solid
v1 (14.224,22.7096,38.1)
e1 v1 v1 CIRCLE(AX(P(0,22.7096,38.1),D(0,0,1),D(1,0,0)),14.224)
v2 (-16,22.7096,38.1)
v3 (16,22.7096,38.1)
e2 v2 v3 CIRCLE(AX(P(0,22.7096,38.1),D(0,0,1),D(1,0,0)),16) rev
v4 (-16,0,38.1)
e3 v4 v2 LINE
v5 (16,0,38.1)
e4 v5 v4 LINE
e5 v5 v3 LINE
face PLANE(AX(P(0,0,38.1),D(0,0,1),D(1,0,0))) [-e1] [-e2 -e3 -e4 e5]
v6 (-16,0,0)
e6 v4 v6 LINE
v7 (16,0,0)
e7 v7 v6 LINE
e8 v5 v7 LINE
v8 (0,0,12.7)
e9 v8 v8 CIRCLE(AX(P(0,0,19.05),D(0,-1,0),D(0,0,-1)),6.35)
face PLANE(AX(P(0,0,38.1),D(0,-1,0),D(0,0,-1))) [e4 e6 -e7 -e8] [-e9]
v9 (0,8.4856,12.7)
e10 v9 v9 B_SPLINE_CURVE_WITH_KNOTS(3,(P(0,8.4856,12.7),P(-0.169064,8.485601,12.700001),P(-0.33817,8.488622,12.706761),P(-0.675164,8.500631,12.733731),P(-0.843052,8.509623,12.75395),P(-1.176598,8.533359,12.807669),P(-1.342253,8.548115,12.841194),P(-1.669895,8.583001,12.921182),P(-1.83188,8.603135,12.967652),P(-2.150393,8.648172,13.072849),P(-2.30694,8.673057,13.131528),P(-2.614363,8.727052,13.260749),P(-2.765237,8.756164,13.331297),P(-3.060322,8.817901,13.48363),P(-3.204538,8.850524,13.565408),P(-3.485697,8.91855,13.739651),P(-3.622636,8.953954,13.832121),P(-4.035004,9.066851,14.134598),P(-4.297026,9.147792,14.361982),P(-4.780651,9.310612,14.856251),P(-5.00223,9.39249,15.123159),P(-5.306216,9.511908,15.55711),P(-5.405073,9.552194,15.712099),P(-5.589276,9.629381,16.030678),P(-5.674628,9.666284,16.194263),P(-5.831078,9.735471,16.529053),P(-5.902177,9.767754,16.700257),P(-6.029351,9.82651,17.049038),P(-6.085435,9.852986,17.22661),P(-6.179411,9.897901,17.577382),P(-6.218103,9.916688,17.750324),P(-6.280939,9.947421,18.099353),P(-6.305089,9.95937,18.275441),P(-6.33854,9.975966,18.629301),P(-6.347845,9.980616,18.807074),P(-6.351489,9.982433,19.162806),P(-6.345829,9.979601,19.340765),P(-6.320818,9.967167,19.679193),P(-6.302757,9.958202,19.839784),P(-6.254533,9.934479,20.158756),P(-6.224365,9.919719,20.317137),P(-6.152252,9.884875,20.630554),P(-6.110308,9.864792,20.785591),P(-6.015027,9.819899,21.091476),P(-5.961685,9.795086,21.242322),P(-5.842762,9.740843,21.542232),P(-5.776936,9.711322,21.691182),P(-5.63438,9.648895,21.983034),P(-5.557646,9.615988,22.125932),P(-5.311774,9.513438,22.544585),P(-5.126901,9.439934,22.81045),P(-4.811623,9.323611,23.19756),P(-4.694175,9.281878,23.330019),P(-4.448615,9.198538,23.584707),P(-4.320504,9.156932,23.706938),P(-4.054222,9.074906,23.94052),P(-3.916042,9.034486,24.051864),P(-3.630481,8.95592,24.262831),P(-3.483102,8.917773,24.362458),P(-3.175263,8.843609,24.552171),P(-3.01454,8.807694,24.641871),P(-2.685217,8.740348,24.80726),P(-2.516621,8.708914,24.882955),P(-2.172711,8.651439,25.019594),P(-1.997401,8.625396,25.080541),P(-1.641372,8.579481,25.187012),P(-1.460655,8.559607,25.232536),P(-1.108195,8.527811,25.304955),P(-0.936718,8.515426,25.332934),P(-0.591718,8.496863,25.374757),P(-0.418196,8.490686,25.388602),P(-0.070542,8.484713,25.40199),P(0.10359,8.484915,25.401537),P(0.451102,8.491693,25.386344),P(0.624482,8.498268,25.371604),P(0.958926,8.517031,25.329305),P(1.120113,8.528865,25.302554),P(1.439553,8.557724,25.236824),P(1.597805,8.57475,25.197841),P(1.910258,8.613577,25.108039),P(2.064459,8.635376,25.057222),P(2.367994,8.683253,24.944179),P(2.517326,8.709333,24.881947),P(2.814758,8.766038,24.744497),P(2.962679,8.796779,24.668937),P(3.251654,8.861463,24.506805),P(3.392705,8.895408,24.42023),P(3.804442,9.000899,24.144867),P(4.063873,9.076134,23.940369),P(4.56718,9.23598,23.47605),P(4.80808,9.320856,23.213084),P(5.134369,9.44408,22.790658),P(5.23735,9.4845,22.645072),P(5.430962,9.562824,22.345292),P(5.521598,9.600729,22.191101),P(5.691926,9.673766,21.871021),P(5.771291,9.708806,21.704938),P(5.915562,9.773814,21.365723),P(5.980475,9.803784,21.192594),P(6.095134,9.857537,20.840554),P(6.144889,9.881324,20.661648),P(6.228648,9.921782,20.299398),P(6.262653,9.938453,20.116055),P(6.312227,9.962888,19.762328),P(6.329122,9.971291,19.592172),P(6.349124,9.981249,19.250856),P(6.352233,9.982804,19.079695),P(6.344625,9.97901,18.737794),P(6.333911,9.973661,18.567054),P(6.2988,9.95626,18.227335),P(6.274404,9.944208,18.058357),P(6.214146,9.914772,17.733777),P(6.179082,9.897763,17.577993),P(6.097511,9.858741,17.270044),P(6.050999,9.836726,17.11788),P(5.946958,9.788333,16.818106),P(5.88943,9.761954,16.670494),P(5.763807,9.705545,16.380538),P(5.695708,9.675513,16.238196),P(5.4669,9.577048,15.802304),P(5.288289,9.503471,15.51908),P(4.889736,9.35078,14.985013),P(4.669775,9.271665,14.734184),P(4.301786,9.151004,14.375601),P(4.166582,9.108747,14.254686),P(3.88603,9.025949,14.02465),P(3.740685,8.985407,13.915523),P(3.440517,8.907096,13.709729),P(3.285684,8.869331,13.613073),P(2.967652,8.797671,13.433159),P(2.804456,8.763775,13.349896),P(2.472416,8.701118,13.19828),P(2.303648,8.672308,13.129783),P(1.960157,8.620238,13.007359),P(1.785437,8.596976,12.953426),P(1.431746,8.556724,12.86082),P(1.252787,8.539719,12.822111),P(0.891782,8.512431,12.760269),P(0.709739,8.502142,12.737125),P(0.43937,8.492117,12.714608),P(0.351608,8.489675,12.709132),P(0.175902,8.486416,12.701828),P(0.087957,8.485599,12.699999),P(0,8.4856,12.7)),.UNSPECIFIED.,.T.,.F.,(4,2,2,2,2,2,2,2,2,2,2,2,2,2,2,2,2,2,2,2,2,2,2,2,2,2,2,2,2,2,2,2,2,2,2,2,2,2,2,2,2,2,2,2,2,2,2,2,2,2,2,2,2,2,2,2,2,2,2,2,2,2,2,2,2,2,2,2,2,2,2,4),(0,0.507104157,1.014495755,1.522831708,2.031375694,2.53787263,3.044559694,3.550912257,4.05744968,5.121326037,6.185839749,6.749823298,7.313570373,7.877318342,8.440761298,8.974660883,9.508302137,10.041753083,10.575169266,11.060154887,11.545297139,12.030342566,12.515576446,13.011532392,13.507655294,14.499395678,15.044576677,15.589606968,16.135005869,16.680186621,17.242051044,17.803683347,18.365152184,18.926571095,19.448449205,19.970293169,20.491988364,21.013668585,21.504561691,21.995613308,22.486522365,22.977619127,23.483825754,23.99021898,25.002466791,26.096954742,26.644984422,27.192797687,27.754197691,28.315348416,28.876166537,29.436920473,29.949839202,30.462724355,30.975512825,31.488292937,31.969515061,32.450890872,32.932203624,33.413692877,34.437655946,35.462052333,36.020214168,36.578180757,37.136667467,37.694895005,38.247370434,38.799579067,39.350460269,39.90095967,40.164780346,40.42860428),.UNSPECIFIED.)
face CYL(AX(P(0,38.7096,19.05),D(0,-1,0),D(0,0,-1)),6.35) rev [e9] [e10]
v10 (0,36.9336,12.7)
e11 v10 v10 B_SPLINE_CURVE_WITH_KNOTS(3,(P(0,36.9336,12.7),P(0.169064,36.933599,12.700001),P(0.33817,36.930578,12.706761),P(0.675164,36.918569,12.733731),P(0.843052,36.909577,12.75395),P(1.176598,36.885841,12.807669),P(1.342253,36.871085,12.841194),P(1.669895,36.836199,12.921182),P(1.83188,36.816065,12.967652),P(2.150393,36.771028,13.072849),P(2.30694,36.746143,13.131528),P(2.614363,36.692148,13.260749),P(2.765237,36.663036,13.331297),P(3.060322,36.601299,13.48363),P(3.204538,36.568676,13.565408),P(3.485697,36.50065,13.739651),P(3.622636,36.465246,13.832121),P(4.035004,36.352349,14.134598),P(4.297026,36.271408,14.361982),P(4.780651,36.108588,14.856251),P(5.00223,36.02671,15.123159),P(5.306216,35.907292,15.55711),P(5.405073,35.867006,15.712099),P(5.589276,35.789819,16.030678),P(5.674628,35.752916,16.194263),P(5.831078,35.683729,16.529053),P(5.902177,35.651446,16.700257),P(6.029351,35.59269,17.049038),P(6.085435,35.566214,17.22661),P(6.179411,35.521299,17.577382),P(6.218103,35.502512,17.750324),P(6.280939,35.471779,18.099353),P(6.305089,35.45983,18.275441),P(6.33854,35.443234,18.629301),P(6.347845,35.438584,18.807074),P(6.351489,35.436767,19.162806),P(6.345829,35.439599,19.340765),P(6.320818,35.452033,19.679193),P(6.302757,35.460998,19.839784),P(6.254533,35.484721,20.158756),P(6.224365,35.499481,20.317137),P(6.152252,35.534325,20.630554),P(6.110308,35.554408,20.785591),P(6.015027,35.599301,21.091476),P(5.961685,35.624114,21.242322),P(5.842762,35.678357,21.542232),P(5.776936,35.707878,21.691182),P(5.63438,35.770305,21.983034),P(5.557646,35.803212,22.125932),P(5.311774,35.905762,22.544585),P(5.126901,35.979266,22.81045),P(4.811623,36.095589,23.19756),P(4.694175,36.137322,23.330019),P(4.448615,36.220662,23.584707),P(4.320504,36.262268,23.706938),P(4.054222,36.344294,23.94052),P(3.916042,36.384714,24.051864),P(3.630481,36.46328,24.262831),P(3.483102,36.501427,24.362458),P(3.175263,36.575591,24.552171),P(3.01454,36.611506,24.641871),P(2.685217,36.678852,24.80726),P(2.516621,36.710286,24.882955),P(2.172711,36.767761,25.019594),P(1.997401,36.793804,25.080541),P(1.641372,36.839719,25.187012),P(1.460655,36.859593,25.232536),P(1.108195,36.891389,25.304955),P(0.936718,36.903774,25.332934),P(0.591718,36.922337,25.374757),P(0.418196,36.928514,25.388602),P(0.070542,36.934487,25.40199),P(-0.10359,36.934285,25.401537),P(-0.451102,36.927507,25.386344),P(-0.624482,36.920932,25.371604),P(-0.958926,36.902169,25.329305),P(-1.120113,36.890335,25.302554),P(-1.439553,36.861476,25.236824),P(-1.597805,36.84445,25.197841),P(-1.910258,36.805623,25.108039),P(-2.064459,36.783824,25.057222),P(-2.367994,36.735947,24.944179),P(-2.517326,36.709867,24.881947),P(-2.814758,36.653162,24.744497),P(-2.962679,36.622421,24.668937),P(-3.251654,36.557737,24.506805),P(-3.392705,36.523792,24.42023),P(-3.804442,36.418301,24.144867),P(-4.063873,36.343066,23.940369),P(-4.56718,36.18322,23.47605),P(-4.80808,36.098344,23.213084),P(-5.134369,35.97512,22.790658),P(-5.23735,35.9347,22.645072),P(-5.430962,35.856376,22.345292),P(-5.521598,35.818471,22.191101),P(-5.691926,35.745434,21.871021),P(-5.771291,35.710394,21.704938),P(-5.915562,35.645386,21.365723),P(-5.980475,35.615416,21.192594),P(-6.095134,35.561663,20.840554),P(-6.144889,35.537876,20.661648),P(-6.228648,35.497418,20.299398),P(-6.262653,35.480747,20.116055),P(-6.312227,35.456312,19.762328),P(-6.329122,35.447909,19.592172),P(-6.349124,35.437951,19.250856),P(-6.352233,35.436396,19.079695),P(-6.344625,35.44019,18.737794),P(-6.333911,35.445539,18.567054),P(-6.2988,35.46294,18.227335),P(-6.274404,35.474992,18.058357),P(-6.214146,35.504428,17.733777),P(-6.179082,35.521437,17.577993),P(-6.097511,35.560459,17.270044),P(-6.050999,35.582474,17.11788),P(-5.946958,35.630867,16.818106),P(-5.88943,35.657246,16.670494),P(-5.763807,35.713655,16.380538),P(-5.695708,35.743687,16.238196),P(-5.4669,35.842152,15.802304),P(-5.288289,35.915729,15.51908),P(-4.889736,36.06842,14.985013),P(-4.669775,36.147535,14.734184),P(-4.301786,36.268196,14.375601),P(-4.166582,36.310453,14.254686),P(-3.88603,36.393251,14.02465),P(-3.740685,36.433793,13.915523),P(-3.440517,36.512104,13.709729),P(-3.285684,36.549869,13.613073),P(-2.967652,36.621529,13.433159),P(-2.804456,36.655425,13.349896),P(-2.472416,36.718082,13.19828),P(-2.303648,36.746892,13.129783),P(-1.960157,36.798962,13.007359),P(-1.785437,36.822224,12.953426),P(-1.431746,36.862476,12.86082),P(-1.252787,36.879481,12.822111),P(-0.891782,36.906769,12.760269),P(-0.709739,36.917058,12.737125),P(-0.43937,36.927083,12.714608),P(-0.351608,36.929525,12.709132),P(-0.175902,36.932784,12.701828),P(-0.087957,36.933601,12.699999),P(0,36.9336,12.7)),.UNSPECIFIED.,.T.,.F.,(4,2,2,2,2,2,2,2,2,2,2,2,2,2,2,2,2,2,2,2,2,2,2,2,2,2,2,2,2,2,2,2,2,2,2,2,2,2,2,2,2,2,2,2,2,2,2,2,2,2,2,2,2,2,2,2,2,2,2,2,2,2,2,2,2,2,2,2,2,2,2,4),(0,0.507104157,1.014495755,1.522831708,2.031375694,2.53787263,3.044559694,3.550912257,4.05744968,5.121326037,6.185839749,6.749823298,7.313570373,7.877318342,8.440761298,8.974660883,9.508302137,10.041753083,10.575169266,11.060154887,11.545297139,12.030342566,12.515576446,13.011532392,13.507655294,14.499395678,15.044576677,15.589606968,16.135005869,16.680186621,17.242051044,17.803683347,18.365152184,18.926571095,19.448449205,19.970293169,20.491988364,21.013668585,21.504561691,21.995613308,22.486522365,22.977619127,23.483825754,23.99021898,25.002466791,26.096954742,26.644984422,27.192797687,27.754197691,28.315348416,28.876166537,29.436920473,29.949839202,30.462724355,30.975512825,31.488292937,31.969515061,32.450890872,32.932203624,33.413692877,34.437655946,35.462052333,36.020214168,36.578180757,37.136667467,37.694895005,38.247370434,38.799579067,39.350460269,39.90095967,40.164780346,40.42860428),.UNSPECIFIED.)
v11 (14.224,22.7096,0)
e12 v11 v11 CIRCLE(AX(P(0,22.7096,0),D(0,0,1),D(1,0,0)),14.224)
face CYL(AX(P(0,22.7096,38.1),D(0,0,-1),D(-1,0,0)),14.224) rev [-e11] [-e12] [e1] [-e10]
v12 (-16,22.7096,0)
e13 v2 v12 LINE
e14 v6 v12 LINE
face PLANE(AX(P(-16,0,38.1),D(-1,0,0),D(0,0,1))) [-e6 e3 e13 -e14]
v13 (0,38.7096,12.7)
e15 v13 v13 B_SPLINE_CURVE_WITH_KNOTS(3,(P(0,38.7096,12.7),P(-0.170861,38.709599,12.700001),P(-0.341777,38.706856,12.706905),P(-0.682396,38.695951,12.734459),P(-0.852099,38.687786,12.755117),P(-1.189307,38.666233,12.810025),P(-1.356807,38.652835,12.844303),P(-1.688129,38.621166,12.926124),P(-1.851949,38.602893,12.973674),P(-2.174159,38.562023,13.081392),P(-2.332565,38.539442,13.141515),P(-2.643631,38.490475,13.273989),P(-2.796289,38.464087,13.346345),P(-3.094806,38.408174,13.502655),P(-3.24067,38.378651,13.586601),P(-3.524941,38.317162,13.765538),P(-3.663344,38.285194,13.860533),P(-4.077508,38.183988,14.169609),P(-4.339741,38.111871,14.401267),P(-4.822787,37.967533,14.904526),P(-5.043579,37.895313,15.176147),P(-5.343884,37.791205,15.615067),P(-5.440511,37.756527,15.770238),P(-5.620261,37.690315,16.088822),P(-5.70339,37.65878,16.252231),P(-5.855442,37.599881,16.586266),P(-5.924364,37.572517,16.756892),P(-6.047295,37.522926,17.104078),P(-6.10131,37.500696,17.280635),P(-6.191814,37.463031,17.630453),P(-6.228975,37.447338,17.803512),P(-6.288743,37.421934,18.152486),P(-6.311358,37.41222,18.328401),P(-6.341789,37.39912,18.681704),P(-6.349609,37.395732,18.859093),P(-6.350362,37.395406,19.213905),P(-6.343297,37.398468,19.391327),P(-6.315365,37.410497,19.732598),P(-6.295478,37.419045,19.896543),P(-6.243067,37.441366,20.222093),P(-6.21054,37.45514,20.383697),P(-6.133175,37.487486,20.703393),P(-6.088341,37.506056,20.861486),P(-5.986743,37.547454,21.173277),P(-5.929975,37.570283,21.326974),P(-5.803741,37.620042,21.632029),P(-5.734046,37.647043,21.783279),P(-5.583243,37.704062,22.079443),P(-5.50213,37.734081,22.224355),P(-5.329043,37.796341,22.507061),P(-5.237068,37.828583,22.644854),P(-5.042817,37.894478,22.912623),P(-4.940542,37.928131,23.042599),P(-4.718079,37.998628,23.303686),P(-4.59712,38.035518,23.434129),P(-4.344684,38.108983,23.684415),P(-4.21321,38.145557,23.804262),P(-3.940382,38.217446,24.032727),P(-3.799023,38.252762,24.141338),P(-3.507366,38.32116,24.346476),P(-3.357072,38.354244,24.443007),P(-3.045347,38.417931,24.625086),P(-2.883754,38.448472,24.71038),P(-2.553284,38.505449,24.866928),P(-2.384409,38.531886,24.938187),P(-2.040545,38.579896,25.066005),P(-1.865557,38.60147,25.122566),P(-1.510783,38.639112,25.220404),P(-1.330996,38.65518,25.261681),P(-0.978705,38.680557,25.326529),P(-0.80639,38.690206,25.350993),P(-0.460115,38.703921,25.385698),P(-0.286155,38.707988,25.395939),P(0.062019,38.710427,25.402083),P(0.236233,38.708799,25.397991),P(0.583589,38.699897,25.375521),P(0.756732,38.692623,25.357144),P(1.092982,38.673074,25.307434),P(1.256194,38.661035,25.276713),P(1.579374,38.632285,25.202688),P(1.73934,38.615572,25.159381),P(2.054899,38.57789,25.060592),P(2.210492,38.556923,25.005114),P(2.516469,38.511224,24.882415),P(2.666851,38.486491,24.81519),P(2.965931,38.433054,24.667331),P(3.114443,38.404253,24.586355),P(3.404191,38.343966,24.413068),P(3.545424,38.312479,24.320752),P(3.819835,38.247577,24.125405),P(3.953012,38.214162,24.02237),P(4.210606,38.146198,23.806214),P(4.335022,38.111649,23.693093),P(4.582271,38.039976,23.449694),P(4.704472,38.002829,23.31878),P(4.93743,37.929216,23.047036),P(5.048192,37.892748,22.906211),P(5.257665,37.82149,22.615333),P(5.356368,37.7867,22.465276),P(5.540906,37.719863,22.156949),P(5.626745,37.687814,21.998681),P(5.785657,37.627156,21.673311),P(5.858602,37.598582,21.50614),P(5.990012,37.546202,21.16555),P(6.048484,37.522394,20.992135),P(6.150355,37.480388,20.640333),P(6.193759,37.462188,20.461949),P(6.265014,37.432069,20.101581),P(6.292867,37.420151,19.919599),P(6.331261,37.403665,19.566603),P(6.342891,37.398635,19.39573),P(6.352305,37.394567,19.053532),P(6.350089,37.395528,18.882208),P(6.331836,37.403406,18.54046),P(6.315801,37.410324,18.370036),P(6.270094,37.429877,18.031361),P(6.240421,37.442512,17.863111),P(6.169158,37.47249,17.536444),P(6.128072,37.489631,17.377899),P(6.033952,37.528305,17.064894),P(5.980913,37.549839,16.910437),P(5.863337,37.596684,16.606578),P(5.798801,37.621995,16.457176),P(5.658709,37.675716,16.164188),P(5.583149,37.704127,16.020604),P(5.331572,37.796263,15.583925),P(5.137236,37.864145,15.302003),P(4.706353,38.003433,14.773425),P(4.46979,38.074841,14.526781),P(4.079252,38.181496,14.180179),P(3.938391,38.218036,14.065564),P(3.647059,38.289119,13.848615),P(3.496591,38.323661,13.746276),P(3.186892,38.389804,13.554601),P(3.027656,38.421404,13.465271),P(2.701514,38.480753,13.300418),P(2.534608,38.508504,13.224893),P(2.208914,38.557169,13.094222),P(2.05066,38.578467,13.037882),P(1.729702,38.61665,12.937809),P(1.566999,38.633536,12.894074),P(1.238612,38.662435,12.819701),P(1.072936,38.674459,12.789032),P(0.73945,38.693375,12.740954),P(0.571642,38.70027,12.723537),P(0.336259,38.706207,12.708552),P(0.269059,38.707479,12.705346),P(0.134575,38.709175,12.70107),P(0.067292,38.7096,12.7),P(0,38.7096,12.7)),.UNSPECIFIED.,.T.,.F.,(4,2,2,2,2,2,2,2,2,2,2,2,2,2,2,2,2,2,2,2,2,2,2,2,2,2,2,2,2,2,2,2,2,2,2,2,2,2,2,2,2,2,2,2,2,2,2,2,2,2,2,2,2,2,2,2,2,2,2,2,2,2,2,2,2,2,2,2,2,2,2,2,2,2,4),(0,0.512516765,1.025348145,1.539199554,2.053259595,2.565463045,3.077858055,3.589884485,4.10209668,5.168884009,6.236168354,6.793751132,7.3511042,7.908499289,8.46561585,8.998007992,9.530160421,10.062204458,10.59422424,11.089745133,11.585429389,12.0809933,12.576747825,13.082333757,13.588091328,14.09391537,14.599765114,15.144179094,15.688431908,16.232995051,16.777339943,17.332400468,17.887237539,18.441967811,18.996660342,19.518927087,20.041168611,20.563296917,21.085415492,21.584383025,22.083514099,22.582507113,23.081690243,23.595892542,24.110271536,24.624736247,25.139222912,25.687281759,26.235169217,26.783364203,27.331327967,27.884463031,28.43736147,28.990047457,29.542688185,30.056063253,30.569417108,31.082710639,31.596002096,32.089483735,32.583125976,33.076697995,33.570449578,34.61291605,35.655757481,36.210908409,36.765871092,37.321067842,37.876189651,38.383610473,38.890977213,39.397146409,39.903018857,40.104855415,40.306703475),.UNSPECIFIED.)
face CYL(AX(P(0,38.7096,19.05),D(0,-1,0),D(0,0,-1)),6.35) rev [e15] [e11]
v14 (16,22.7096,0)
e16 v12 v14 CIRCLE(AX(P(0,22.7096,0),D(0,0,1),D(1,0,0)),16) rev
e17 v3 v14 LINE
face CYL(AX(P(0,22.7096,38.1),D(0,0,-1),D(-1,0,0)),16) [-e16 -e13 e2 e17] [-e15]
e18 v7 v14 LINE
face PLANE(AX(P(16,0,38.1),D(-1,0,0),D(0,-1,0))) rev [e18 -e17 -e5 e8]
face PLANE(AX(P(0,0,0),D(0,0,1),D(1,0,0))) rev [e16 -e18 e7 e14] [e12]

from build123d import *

# Parameters (mm, degrees)
SKETCH1_R           = 14.224
BOSS_EXTRUDE1_DEPTH = 38.1
SKETCH2_R           = 6.35
CUT_EXTRUDE1_DEPTH  = 39.7096


with BuildPart() as part:
    # Sketch1 → Boss-Extrude1 (new body)
    with BuildSketch(Plane.XY):
        with BuildLine():
            Line((16, 0), (-16, 0))
            Line((-16, 0), (-16, 22.7096))
            ThreePointArc((-16, 22.7096), (0, 38.7096), (16, 22.7096))
            Line((16, 22.7096), (16, 0))
        make_face()
        with Locations((0, 22.7096)):
            Circle(SKETCH1_R, mode=Mode.SUBTRACT)
    extrude(amount=BOSS_EXTRUDE1_DEPTH)

    # Sketch2 → Cut-Extrude1 (cut, through all)
    with BuildSketch(Plane.XZ):
        with Locations((0, 19.05)):
            Circle(SKETCH2_R)
    extrude(amount=-CUT_EXTRUDE1_DEPTH, mode=Mode.SUBTRACT)


solid = part.part
